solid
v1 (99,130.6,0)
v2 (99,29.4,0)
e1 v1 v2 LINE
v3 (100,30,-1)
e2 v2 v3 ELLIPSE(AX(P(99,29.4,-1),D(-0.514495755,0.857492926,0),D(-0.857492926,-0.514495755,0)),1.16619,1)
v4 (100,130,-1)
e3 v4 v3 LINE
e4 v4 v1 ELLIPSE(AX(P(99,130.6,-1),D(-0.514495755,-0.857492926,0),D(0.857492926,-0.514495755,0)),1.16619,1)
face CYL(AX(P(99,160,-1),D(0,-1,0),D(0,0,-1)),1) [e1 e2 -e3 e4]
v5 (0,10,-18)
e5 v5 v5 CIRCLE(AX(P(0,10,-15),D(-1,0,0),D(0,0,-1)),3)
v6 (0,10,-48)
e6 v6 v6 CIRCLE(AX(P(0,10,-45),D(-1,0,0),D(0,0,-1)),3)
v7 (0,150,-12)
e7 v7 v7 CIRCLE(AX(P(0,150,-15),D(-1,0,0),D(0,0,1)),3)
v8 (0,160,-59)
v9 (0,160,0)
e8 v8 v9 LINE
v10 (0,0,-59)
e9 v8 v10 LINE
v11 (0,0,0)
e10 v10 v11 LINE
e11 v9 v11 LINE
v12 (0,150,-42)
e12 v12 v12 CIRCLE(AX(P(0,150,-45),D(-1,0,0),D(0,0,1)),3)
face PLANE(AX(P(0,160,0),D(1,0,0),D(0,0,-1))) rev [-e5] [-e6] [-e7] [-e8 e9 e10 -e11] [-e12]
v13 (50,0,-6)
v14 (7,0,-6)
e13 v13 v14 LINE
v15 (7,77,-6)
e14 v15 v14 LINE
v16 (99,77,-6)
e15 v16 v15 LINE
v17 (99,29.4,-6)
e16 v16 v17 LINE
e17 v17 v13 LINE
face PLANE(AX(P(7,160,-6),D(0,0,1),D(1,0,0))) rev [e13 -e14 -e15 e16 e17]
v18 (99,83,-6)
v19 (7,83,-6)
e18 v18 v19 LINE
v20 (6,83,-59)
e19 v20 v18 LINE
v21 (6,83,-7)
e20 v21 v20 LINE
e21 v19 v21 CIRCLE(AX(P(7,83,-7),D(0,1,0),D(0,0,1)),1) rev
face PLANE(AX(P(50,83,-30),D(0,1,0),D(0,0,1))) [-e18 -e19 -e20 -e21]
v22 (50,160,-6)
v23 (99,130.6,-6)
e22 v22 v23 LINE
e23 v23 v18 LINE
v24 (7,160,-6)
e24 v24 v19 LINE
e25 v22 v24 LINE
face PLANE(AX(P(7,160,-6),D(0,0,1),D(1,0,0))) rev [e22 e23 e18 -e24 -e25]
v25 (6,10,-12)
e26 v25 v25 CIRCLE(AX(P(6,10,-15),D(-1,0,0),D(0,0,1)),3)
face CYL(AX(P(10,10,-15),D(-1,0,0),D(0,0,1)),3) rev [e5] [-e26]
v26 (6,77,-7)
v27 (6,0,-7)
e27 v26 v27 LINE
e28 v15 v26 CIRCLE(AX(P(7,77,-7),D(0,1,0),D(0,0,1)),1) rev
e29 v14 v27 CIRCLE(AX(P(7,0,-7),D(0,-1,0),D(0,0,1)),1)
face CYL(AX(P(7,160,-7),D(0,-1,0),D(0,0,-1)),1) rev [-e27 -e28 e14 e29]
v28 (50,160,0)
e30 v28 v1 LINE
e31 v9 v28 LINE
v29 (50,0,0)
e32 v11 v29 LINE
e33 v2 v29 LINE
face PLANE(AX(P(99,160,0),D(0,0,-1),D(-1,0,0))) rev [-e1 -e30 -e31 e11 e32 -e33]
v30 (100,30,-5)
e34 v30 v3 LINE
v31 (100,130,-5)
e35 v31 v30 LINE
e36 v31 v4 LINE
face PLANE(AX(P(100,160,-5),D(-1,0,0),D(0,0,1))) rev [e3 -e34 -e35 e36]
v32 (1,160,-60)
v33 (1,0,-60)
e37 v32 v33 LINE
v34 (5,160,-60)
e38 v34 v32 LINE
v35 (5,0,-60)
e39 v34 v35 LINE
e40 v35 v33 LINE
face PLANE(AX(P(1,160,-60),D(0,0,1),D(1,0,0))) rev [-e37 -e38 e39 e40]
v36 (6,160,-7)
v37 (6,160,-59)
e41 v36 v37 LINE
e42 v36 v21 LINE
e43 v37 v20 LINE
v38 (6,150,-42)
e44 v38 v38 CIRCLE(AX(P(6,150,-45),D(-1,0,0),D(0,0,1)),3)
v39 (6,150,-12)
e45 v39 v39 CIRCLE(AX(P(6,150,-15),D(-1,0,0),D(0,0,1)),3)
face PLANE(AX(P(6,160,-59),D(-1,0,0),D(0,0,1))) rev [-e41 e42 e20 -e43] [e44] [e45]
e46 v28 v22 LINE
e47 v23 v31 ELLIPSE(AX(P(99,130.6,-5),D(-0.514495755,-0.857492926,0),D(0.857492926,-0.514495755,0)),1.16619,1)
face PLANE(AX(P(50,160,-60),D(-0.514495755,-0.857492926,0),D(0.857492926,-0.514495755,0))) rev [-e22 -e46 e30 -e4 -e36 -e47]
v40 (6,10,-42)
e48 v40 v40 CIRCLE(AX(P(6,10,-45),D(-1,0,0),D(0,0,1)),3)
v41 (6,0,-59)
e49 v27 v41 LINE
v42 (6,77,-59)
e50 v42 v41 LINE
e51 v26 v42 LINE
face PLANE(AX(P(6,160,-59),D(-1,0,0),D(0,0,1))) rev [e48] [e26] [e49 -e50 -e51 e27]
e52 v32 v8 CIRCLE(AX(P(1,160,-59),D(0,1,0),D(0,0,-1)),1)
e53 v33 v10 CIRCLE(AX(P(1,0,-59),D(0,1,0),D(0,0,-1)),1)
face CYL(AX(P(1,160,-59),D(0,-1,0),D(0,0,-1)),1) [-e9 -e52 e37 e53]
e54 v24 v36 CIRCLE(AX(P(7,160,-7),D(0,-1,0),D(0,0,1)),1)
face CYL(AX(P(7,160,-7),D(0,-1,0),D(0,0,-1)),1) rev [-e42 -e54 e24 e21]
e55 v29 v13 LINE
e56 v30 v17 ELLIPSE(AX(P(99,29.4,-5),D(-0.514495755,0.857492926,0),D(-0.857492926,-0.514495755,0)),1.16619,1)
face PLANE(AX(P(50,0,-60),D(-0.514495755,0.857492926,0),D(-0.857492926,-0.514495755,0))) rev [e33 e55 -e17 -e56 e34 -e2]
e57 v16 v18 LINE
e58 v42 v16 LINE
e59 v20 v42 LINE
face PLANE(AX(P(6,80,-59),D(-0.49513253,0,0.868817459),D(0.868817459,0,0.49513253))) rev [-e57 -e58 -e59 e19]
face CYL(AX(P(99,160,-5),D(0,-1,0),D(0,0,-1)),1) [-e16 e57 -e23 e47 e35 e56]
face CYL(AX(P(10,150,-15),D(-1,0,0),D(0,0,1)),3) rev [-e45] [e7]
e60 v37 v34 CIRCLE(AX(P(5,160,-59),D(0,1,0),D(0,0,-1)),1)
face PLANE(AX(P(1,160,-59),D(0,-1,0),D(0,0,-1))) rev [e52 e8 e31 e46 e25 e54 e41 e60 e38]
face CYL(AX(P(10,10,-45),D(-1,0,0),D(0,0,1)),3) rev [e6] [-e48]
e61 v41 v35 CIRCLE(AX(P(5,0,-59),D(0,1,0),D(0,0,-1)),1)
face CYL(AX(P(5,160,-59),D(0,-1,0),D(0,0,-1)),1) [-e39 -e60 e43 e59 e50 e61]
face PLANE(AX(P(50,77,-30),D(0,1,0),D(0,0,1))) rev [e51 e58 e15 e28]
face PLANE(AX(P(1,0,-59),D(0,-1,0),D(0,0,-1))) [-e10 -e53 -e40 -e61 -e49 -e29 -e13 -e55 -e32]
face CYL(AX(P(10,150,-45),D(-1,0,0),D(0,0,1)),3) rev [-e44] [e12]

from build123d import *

# Parameters (mm, degrees)
BOSS_EXTRUDE1_DEPTH = 160
RIB6_REACH          = 143.421
SKETCH4_WALL_W      = 391.884760288
SKETCH4_WALL_H      = 6
CUT_EXTRUDE1_DEPTH  = 198.989898732
SKETCH6_R           = 3
CUT_EXTRUDE2_DEPTH  = 10


with BuildPart() as part:
    # Sketch1 → Boss-Extrude1 (new body)
    with BuildSketch(Plane(origin=(0, 0, 0), x_dir=(1, 0, 0), z_dir=(0, 1, 0))):
        with BuildLine():
            Line((0, 0), (0, 59))
            ThreePointArc((0, 59), (0.292893219, 59.707106781), (1, 60))
            Line((1, 60), (5, 60))
            ThreePointArc((5, 60), (5.707106781, 59.707106781), (6, 59))
            Line((6, 59), (6, 7))
            ThreePointArc((6, 7), (6.292893219, 6.292893219), (7, 6))
            Line((7, 6), (99, 6))
            ThreePointArc((99, 6), (99.707106781, 5.707106781), (100, 5))
            Line((100, 5), (100, 1))
            ThreePointArc((100, 1), (99.707106781, 0.292893219), (99, 0))
            Line((99, 0), (0, 0))
        make_face()
    extrude(amount=BOSS_EXTRUDE1_DEPTH)

    # Sketch4 wall → Rib6 (add, up to next)
    with BuildSketch(Plane(origin=(52.5, 80, -32.5), x_dir=(0.868817459121, 0, 0.495132530467), z_dir=(0.495132530467, 0, -0.868817459121)), mode=Mode.PRIVATE) as rib6_sk1:
        Rectangle(SKETCH4_WALL_W, SKETCH4_WALL_H)
    rib6_tool1 = extrude(rib6_sk1.sketch, amount=-RIB6_REACH, mode=Mode.PRIVATE) - part.part
    add(rib6_tool1.solids().sort_by_distance((52.5, 80, -32.5))[0])

    # Sketch5 → Cut-Extrude1 (cut, through all)
    with BuildSketch(Plane.XY):
        Polygon((100, 160), (50, 160), (100, 130), align=None)
        Polygon((100, 30), (100, 0), (50, 0), align=None)
    extrude(amount=-CUT_EXTRUDE1_DEPTH, mode=Mode.SUBTRACT)

    # Sketch6 → Cut-Extrude2 (cut)
    with BuildSketch(Plane.ZY):
        with Locations((-45, 150)):
            Circle(SKETCH6_R)
        with Locations((-15, 150)):
            Circle(SKETCH6_R)
        with Locations((-15, 10)):
            Circle(SKETCH6_R)
        with Locations((-45, 10)):
            Circle(SKETCH6_R)
    extrude(amount=-CUT_EXTRUDE2_DEPTH, mode=Mode.SUBTRACT)


solid = part.part
